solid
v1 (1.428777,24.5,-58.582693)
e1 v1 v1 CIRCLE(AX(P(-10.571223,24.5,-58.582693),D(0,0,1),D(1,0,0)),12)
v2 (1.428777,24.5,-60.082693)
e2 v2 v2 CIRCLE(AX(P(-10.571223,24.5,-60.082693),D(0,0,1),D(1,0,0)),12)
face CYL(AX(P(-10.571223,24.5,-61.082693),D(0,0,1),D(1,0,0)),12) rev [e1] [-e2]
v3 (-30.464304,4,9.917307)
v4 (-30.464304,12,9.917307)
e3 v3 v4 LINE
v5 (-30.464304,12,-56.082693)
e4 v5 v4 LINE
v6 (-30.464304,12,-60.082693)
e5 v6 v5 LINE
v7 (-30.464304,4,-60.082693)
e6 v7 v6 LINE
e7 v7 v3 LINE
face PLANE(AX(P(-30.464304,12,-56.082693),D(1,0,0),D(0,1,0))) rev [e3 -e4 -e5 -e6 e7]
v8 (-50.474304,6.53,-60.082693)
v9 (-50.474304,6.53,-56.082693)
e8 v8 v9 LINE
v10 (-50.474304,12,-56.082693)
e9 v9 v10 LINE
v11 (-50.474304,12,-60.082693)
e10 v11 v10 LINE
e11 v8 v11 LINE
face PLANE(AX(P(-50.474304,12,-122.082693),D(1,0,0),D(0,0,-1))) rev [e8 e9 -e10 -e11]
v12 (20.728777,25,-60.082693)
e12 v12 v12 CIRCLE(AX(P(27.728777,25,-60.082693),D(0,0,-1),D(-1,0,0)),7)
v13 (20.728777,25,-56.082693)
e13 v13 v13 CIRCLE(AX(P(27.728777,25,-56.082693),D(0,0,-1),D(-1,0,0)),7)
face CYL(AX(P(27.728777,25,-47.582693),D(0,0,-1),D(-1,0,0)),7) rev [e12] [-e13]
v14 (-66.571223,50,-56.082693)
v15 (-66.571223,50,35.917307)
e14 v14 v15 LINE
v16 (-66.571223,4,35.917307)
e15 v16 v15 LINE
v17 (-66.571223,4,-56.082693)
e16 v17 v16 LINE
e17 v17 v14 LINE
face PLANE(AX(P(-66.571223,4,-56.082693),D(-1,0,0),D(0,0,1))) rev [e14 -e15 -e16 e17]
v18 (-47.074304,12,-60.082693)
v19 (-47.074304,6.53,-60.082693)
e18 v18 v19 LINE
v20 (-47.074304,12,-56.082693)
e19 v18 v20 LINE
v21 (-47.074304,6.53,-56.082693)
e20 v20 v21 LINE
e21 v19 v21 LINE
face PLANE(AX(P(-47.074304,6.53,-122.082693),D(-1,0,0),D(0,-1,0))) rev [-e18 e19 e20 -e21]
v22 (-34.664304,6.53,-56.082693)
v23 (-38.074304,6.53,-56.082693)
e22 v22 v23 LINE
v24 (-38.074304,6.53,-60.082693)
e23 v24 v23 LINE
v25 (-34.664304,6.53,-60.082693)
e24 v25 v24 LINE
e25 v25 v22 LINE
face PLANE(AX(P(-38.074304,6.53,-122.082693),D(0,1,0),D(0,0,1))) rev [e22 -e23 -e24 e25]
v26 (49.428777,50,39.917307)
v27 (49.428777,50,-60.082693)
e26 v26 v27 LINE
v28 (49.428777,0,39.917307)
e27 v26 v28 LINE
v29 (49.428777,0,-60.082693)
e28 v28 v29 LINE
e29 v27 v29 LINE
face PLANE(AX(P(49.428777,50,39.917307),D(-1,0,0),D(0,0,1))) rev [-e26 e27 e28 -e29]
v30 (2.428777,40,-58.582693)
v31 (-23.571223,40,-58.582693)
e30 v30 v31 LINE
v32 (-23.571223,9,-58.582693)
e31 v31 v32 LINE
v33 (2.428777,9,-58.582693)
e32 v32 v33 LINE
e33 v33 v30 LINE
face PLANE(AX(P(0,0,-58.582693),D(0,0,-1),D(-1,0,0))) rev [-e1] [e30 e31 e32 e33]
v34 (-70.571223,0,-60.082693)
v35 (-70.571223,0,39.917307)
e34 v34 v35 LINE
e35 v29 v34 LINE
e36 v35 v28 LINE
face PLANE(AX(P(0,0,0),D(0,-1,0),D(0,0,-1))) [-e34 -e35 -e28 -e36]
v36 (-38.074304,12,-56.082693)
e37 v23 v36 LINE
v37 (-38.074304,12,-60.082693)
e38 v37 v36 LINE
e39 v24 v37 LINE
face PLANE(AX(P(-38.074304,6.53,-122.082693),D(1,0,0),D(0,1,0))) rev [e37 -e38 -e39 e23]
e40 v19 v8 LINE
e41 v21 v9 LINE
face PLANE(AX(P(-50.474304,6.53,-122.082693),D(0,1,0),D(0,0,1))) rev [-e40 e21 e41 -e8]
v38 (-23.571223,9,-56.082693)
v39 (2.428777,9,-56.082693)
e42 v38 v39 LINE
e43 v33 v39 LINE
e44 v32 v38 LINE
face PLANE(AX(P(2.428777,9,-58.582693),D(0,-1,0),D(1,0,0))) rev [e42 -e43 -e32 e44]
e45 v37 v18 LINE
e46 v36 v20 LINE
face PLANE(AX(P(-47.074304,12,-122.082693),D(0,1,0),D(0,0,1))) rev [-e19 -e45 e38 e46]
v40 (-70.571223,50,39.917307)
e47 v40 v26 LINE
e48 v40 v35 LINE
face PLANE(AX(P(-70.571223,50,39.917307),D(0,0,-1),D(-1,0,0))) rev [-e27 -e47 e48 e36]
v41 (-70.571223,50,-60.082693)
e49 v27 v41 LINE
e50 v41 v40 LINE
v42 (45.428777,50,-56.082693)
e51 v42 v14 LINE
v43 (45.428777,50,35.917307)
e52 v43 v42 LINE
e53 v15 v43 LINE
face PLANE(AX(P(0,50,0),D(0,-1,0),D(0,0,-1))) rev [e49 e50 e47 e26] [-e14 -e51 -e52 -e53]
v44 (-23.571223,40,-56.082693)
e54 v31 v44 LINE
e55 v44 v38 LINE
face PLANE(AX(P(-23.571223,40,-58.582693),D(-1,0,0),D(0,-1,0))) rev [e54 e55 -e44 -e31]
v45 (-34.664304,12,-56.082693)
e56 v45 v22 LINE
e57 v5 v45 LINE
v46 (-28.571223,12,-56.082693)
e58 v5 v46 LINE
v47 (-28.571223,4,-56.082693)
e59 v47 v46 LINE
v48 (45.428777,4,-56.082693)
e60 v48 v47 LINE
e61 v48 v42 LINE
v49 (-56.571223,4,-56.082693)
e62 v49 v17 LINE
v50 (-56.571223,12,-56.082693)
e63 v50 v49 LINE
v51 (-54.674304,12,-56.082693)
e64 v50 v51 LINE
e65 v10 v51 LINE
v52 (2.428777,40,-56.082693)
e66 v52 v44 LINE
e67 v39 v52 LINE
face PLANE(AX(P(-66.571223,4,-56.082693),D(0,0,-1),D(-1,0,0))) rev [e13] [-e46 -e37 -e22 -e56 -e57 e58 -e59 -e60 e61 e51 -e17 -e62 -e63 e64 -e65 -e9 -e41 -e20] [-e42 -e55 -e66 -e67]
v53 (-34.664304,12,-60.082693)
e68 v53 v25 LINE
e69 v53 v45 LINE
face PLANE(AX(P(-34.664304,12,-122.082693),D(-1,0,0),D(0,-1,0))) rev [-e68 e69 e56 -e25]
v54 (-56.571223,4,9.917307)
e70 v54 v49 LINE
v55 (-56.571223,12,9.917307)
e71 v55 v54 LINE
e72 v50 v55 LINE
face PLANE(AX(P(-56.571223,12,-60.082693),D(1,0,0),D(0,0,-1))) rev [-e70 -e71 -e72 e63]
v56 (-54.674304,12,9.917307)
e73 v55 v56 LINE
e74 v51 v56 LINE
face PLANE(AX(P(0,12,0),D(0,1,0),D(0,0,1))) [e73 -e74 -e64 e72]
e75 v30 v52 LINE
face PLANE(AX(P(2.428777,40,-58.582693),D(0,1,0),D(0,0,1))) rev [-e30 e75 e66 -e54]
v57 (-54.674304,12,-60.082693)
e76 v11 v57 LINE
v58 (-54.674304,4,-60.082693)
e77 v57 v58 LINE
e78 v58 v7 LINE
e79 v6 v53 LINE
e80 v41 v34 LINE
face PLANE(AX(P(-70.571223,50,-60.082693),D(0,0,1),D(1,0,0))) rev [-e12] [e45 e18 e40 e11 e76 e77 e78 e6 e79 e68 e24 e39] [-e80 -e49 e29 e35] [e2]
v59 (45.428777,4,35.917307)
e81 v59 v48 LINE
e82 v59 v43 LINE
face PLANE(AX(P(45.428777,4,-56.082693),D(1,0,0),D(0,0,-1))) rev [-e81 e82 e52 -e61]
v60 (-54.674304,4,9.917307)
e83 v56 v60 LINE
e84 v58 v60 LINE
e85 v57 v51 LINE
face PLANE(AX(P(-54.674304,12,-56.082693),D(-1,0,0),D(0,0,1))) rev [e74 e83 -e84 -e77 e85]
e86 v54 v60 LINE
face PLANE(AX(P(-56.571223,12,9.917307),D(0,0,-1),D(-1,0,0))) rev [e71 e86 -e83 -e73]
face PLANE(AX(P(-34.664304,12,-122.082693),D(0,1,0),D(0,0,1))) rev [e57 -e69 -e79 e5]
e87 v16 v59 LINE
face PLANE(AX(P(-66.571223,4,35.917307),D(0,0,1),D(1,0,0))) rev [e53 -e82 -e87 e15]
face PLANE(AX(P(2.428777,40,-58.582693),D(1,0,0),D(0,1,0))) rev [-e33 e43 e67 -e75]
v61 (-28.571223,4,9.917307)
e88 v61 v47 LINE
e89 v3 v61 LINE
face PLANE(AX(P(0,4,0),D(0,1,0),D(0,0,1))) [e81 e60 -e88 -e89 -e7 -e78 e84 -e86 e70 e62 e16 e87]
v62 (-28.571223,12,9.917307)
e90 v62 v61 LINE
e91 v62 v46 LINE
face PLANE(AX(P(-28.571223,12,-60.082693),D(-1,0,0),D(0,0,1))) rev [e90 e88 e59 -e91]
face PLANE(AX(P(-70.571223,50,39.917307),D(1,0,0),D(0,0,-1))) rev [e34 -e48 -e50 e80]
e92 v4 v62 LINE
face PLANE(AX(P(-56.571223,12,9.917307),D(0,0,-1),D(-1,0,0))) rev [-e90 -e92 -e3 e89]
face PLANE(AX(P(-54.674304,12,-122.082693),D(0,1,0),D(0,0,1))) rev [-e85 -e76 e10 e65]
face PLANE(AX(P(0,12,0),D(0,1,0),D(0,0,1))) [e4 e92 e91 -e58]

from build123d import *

# Parameters (mm, degrees)
SKETCH1_W           = 120
SKETCH1_H           = 100
BOSS_EXTRUDE1_DEPTH = 50
SKETCH2_W           = 112
SKETCH2_H           = 92
CUT_EXTRUDE1_DEPTH  = 46
SKETCH3_W           = 28
SKETCH3_H           = 70
BOSS_EXTRUDE3_DEPTH = 8
SKETCH6_W           = 24.21
SKETCH6_H           = 8
CUT_EXTRUDE4_DEPTH  = 66
CUT_EXTRUDE6_DEPTH  = 66
SKETCH8_W           = 26
SKETCH8_H           = 31
CUT_EXTRUDE7_DEPTH  = 2.5
SKETCH9_R           = 12
CUT_EXTRUDE8_DEPTH  = 2.5
SKETCH10_R          = 7
CUT_EXTRUDE9_DEPTH  = 12.5


with BuildPart() as part:
    # Sketch1 → Boss-Extrude1 (new body)
    with BuildSketch(Plane(origin=(0, 0, 0), x_dir=(1, 0, 0), z_dir=(0, 1, 0))):
        with Locations((-10.571222942, 10.082692781)):
            Rectangle(SKETCH1_W, SKETCH1_H)
    extrude(amount=BOSS_EXTRUDE1_DEPTH)

    # Sketch2 → Cut-Extrude1 (cut)
    with BuildSketch(Plane(origin=(0, 50, 0), x_dir=(1, 0, 0), z_dir=(0, 1, 0))):
        with Locations((-10.571222942, 10.082692781)):
            Rectangle(SKETCH2_W, SKETCH2_H)
    extrude(amount=-CUT_EXTRUDE1_DEPTH, mode=Mode.SUBTRACT)

    # Sketch3 → Boss-Extrude3 (add)
    with BuildSketch(Plane(origin=(0, 4, 0), x_dir=(1, 0, 0), z_dir=(0, 1, 0))):
        with Locations((-42.571222942, 25.082692781)):
            Rectangle(SKETCH3_W, SKETCH3_H)
    extrude(amount=BOSS_EXTRUDE3_DEPTH)

    # Sketch6 → Cut-Extrude4 (cut)
    with BuildSketch(Plane.XY.offset(9.917307219)):
        with Locations((-42.569304131, 8)):
            Rectangle(SKETCH6_W, SKETCH6_H)
    extrude(amount=-CUT_EXTRUDE4_DEPTH, mode=Mode.SUBTRACT)

    # Sketch7 → Cut-Extrude6 (cut)
    with BuildSketch(Plane.XY.offset(-56.082692781)):
        Polygon((-54.674304131, 12), (-50.474304131, 12), (-50.474304131, 6.53), (-47.074304131, 6.53), (-47.074304131, 12), (-38.074304131, 12), (-38.074304131, 6.53), (-34.664304131, 6.53), (-34.664304131, 12), (-30.464304131, 12), (-30.464304131, 6.53), (-30.464304131, 4), (-54.674304131, 4), (-54.674304131, 6.53), align=None)
    extrude(amount=-CUT_EXTRUDE6_DEPTH, mode=Mode.SUBTRACT)

    # Sketch8 → Cut-Extrude7 (cut)
    with BuildSketch(Plane.XY.offset(-56.082692781)):
        with Locations((-10.571222942, 24.5)):
            Rectangle(SKETCH8_W, SKETCH8_H)
    extrude(amount=-CUT_EXTRUDE7_DEPTH, mode=Mode.SUBTRACT)

    # Sketch9 → Cut-Extrude8 (cut)
    with BuildSketch(Plane.XY.offset(-58.582692781)):
        with Locations((-10.571222942, 24.5)):
            Circle(SKETCH9_R)
    extrude(amount=-CUT_EXTRUDE8_DEPTH, mode=Mode.SUBTRACT)

    # Sketch10 → Cut-Extrude9 (cut)
    with BuildSketch(Plane(origin=(0, 0, -60.082692781), x_dir=(-1, 0, 0), z_dir=(0, 0, -1))):
        with Locations((-27.728777058, 25)):
            Circle(SKETCH10_R)
    extrude(amount=-CUT_EXTRUDE9_DEPTH, mode=Mode.SUBTRACT)


solid = part.part
